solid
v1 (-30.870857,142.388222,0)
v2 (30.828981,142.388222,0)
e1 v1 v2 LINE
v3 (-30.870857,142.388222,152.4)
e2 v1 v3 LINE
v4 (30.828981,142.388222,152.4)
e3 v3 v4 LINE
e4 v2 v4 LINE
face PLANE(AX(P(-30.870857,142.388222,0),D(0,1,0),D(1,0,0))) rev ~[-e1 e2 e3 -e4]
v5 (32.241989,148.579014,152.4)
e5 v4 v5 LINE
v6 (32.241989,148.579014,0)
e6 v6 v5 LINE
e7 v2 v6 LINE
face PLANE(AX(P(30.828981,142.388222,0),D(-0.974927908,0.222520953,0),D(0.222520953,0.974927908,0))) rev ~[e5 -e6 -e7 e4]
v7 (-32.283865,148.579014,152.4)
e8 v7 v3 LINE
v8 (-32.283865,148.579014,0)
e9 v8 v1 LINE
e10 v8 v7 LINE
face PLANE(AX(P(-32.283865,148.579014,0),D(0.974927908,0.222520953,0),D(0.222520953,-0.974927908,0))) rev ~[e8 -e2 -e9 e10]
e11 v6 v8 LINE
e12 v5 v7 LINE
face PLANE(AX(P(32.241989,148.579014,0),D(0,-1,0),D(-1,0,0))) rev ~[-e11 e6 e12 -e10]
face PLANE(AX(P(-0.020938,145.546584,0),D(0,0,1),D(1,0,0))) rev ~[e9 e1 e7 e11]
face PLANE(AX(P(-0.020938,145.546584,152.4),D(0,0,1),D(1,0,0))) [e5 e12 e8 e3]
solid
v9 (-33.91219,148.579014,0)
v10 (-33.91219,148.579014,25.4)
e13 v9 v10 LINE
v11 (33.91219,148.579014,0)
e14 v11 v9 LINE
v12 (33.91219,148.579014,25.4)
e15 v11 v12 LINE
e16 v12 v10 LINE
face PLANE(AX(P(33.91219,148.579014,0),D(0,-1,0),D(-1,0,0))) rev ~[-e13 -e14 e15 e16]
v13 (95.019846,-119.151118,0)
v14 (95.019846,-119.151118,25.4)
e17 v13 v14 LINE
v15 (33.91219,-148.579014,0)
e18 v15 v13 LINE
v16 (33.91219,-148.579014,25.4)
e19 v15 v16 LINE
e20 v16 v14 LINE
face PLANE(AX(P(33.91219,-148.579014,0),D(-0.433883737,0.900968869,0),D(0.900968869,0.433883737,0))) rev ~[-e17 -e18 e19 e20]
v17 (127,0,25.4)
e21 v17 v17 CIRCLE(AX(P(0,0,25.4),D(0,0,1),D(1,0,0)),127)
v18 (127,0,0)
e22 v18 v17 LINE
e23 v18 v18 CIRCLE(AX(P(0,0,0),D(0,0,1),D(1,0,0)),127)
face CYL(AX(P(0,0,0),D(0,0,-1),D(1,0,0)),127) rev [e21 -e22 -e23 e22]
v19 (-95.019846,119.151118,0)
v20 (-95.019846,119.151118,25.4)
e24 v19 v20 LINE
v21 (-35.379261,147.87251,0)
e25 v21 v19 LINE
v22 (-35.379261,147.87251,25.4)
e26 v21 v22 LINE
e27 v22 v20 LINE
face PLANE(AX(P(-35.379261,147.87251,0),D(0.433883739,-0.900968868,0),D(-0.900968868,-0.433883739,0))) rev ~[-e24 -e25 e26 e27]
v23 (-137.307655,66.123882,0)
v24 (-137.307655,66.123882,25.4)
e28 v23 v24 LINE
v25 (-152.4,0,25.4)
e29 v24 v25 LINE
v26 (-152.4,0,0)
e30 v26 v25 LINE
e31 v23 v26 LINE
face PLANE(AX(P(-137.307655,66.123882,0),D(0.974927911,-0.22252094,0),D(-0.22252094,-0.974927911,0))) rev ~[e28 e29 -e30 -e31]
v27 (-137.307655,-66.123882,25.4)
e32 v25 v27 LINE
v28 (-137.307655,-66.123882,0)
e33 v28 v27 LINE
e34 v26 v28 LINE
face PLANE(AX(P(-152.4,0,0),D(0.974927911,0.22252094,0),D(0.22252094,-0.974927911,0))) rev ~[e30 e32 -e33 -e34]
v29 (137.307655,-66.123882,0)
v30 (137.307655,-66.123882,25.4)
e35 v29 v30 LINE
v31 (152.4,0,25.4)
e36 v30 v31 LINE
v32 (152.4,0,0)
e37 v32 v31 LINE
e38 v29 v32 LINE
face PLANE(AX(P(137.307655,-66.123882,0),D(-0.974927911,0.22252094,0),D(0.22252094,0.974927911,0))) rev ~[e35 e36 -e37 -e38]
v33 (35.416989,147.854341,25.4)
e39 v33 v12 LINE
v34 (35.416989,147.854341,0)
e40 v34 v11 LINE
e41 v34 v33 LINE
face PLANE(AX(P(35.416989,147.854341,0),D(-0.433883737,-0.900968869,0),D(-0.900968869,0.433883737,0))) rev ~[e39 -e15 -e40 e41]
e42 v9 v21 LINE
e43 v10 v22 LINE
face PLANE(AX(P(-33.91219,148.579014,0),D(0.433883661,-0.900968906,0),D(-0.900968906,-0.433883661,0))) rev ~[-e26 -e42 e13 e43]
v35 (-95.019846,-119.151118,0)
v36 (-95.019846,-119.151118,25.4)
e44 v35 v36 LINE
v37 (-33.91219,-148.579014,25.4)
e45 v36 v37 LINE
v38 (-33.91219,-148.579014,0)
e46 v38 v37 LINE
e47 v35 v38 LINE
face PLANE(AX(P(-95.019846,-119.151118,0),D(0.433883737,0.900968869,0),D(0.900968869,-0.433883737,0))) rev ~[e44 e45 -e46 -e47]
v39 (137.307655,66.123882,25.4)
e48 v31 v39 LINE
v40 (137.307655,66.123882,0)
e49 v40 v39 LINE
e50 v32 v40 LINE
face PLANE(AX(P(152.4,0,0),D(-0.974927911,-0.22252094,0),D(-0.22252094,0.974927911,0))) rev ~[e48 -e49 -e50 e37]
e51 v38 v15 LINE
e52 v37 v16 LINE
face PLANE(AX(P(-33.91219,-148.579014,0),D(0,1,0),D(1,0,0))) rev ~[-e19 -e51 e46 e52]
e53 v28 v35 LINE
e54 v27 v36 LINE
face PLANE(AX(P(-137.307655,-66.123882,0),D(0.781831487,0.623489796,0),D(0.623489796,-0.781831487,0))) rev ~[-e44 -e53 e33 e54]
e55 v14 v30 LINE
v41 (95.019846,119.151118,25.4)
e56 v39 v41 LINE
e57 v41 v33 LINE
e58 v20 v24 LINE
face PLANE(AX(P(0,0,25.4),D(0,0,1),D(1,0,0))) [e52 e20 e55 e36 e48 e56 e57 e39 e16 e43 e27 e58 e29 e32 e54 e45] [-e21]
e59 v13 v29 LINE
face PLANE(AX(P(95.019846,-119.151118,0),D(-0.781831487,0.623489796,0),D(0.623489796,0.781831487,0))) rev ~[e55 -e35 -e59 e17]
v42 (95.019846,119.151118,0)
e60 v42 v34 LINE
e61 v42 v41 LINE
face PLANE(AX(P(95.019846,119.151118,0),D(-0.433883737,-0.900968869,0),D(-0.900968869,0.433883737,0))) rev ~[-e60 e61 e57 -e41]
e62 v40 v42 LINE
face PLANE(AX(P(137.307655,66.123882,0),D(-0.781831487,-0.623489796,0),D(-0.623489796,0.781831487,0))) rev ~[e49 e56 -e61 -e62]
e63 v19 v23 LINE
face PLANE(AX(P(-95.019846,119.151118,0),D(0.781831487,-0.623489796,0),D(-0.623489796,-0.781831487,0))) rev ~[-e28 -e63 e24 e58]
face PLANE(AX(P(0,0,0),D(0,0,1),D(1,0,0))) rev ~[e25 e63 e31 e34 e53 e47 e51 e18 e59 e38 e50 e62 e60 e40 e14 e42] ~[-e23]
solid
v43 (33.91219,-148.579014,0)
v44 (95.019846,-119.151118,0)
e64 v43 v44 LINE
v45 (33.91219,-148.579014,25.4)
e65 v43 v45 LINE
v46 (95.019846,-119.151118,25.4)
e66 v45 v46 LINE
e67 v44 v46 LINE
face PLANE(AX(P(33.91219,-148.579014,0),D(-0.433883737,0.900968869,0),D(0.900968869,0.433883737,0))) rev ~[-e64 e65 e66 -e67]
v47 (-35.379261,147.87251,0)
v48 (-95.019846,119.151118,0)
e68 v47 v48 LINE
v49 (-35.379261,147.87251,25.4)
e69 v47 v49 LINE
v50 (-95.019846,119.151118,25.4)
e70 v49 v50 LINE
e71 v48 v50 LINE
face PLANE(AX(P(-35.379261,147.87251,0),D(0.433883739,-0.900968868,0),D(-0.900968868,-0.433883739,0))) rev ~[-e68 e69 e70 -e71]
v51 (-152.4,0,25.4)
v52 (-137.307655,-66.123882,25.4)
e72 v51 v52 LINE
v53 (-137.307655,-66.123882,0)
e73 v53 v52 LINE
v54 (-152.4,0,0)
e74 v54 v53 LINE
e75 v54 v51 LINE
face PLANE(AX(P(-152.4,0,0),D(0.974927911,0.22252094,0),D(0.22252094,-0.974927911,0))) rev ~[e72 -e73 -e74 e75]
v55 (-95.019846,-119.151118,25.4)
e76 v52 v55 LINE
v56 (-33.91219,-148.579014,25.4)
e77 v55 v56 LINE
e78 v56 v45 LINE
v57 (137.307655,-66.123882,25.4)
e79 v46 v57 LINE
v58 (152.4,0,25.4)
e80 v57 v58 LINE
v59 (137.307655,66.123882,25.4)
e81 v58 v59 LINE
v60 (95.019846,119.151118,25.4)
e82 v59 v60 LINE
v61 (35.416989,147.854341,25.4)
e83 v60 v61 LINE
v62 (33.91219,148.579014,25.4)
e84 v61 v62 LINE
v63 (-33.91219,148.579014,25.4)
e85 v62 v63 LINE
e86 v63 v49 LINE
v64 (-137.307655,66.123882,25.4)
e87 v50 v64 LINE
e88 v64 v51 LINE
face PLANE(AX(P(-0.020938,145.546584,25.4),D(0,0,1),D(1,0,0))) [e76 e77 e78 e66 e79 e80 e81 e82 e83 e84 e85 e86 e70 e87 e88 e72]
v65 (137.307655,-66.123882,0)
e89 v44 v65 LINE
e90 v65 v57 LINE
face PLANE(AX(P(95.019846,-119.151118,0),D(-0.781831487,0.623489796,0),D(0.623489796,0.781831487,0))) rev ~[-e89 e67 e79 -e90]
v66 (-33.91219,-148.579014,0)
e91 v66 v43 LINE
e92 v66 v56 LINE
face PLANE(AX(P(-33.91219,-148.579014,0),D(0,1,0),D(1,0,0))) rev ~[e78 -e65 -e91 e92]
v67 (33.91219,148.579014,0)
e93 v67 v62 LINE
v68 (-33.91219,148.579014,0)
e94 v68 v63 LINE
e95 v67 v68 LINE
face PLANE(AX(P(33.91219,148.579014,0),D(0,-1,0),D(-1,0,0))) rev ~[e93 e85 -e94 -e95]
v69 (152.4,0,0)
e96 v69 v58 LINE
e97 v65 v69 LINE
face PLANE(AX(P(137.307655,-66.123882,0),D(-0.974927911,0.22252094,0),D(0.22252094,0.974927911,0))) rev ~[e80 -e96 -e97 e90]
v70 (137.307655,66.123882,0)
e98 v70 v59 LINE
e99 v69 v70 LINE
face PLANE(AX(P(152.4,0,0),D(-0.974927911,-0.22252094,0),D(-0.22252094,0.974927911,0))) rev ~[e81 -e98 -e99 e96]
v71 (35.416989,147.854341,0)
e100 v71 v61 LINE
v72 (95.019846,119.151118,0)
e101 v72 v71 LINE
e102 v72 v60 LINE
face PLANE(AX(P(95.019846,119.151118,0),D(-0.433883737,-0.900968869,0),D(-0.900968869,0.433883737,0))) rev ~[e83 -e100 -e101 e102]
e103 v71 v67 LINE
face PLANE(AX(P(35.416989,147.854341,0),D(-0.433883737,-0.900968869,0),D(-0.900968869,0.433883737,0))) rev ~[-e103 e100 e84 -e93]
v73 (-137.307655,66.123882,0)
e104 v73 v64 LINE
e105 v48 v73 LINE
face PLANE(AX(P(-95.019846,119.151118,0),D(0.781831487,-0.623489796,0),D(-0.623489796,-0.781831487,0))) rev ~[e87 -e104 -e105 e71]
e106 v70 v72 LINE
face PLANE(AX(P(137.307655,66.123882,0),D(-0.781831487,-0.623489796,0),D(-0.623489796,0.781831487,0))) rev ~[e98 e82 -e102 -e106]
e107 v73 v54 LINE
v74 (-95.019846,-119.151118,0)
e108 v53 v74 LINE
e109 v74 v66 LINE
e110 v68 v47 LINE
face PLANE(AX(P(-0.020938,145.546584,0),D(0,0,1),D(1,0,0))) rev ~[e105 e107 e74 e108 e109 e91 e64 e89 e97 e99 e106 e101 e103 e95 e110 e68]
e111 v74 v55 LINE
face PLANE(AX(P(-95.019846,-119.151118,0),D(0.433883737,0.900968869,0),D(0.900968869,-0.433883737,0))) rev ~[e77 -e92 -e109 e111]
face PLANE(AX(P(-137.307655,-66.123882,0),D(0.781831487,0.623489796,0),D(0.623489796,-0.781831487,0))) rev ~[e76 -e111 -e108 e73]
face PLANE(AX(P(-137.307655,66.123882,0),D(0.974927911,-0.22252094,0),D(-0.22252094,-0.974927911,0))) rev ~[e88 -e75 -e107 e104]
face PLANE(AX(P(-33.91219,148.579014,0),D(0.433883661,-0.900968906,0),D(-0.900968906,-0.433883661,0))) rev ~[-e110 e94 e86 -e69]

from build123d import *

# Parameters (mm, degrees)
F0_R     = 127
F1_DEPTH = 25.4
F2_DEPTH = 152.4
F3_DEPTH = 25.4


with BuildPart() as f1:
    # F0 (on Top) → F1 (new body)
    with BuildSketch(Plane.XY):
        Polygon((30.828981, 142.388222), (32.241989, 148.579014), (-32.283865, 148.579014), (-30.870857, 142.388222), align=None)
        Polygon((95.019846, -119.151118), (137.307655, -66.123882), (152.4, 0), (137.307655, 66.123882), (95.019846, 119.151118), (35.416989, 147.854341), (34.003981, 141.663549), (91.060686, 114.186488), (131.586503, 63.36872), (146.05, 0), (131.586503, -63.36872), (91.060686, -114.186488), (32.499182, -142.388222), (-32.499182, -142.388222), (-91.060686, -114.186488), (-131.586503, -63.36872), (-146.05, 0), (-131.586503, 63.36872), (-91.060686, 114.186488), (-33.966253, 141.681718), (-35.379261, 147.87251), (-95.019846, 119.151118), (-137.307655, 66.123882), (-152.4, 0), (-137.307655, -66.123882), (-95.019846, -119.151118), (-33.91219, -148.579014), (33.91219, -148.579014), align=None)
        Polygon((91.060686, 114.186488), (34.003981, 141.663549), (32.499182, 142.388222), (30.828981, 142.388222), (-30.870857, 142.388222), (-32.499182, 142.388222), (-33.966253, 141.681718), (-91.060686, 114.186488), (-131.586503, 63.36872), (-146.05, 0), (-131.586503, -63.36872), (-91.060686, -114.186488), (-32.499182, -142.388222), (32.499182, -142.388222), (91.060686, -114.186488), (131.586503, -63.36872), (146.05, 0), (131.586503, 63.36872), align=None)
        Circle(F0_R, mode=Mode.SUBTRACT)
        Polygon((34.003981, 141.663549), (35.416989, 147.854341), (33.91219, 148.579014), (32.241989, 148.579014), (30.828981, 142.388222), (32.499182, 142.388222), align=None)
        Polygon((-30.870857, 142.388222), (-32.283865, 148.579014), (-33.91219, 148.579014), (-35.379261, 147.87251), (-33.966253, 141.681718), (-32.499182, 142.388222), align=None)
        Circle(F0_R)
    extrude(amount=F1_DEPTH)


with BuildPart() as f2:
    # F0 (on Top) → F2 (new body)
    with BuildSketch(Plane.XY):
        Polygon((30.828981, 142.388222), (32.241989, 148.579014), (-32.283865, 148.579014), (-30.870857, 142.388222), align=None)
    extrude(amount=F2_DEPTH)


with BuildPart() as f3:
    # F0 (on Top) → F3 (new body)
    with BuildSketch(Plane.XY):
        Polygon((91.060686, 114.186488), (34.003981, 141.663549), (32.499182, 142.388222), (30.828981, 142.388222), (-30.870857, 142.388222), (-32.499182, 142.388222), (-33.966253, 141.681718), (-91.060686, 114.186488), (-131.586503, 63.36872), (-146.05, 0), (-131.586503, -63.36872), (-91.060686, -114.186488), (-32.499182, -142.388222), (32.499182, -142.388222), (91.060686, -114.186488), (131.586503, -63.36872), (146.05, 0), (131.586503, 63.36872), align=None)
        Circle(F0_R, mode=Mode.SUBTRACT)
        Polygon((95.019846, -119.151118), (137.307655, -66.123882), (152.4, 0), (137.307655, 66.123882), (95.019846, 119.151118), (35.416989, 147.854341), (34.003981, 141.663549), (91.060686, 114.186488), (131.586503, 63.36872), (146.05, 0), (131.586503, -63.36872), (91.060686, -114.186488), (32.499182, -142.388222), (-32.499182, -142.388222), (-91.060686, -114.186488), (-131.586503, -63.36872), (-146.05, 0), (-131.586503, 63.36872), (-91.060686, 114.186488), (-33.966253, 141.681718), (-35.379261, 147.87251), (-95.019846, 119.151118), (-137.307655, 66.123882), (-152.4, 0), (-137.307655, -66.123882), (-95.019846, -119.151118), (-33.91219, -148.579014), (33.91219, -148.579014), align=None)
        Polygon((30.828981, 142.388222), (32.241989, 148.579014), (-32.283865, 148.579014), (-30.870857, 142.388222), align=None)
        Polygon((34.003981, 141.663549), (35.416989, 147.854341), (33.91219, 148.579014), (32.241989, 148.579014), (30.828981, 142.388222), (32.499182, 142.388222), align=None)
        Polygon((-30.870857, 142.388222), (-32.283865, 148.579014), (-33.91219, 148.579014), (-35.379261, 147.87251), (-33.966253, 141.681718), (-32.499182, 142.388222), align=None)
    extrude(amount=F3_DEPTH)


solid = Compound([f1.part, f2.part, f3.part])
